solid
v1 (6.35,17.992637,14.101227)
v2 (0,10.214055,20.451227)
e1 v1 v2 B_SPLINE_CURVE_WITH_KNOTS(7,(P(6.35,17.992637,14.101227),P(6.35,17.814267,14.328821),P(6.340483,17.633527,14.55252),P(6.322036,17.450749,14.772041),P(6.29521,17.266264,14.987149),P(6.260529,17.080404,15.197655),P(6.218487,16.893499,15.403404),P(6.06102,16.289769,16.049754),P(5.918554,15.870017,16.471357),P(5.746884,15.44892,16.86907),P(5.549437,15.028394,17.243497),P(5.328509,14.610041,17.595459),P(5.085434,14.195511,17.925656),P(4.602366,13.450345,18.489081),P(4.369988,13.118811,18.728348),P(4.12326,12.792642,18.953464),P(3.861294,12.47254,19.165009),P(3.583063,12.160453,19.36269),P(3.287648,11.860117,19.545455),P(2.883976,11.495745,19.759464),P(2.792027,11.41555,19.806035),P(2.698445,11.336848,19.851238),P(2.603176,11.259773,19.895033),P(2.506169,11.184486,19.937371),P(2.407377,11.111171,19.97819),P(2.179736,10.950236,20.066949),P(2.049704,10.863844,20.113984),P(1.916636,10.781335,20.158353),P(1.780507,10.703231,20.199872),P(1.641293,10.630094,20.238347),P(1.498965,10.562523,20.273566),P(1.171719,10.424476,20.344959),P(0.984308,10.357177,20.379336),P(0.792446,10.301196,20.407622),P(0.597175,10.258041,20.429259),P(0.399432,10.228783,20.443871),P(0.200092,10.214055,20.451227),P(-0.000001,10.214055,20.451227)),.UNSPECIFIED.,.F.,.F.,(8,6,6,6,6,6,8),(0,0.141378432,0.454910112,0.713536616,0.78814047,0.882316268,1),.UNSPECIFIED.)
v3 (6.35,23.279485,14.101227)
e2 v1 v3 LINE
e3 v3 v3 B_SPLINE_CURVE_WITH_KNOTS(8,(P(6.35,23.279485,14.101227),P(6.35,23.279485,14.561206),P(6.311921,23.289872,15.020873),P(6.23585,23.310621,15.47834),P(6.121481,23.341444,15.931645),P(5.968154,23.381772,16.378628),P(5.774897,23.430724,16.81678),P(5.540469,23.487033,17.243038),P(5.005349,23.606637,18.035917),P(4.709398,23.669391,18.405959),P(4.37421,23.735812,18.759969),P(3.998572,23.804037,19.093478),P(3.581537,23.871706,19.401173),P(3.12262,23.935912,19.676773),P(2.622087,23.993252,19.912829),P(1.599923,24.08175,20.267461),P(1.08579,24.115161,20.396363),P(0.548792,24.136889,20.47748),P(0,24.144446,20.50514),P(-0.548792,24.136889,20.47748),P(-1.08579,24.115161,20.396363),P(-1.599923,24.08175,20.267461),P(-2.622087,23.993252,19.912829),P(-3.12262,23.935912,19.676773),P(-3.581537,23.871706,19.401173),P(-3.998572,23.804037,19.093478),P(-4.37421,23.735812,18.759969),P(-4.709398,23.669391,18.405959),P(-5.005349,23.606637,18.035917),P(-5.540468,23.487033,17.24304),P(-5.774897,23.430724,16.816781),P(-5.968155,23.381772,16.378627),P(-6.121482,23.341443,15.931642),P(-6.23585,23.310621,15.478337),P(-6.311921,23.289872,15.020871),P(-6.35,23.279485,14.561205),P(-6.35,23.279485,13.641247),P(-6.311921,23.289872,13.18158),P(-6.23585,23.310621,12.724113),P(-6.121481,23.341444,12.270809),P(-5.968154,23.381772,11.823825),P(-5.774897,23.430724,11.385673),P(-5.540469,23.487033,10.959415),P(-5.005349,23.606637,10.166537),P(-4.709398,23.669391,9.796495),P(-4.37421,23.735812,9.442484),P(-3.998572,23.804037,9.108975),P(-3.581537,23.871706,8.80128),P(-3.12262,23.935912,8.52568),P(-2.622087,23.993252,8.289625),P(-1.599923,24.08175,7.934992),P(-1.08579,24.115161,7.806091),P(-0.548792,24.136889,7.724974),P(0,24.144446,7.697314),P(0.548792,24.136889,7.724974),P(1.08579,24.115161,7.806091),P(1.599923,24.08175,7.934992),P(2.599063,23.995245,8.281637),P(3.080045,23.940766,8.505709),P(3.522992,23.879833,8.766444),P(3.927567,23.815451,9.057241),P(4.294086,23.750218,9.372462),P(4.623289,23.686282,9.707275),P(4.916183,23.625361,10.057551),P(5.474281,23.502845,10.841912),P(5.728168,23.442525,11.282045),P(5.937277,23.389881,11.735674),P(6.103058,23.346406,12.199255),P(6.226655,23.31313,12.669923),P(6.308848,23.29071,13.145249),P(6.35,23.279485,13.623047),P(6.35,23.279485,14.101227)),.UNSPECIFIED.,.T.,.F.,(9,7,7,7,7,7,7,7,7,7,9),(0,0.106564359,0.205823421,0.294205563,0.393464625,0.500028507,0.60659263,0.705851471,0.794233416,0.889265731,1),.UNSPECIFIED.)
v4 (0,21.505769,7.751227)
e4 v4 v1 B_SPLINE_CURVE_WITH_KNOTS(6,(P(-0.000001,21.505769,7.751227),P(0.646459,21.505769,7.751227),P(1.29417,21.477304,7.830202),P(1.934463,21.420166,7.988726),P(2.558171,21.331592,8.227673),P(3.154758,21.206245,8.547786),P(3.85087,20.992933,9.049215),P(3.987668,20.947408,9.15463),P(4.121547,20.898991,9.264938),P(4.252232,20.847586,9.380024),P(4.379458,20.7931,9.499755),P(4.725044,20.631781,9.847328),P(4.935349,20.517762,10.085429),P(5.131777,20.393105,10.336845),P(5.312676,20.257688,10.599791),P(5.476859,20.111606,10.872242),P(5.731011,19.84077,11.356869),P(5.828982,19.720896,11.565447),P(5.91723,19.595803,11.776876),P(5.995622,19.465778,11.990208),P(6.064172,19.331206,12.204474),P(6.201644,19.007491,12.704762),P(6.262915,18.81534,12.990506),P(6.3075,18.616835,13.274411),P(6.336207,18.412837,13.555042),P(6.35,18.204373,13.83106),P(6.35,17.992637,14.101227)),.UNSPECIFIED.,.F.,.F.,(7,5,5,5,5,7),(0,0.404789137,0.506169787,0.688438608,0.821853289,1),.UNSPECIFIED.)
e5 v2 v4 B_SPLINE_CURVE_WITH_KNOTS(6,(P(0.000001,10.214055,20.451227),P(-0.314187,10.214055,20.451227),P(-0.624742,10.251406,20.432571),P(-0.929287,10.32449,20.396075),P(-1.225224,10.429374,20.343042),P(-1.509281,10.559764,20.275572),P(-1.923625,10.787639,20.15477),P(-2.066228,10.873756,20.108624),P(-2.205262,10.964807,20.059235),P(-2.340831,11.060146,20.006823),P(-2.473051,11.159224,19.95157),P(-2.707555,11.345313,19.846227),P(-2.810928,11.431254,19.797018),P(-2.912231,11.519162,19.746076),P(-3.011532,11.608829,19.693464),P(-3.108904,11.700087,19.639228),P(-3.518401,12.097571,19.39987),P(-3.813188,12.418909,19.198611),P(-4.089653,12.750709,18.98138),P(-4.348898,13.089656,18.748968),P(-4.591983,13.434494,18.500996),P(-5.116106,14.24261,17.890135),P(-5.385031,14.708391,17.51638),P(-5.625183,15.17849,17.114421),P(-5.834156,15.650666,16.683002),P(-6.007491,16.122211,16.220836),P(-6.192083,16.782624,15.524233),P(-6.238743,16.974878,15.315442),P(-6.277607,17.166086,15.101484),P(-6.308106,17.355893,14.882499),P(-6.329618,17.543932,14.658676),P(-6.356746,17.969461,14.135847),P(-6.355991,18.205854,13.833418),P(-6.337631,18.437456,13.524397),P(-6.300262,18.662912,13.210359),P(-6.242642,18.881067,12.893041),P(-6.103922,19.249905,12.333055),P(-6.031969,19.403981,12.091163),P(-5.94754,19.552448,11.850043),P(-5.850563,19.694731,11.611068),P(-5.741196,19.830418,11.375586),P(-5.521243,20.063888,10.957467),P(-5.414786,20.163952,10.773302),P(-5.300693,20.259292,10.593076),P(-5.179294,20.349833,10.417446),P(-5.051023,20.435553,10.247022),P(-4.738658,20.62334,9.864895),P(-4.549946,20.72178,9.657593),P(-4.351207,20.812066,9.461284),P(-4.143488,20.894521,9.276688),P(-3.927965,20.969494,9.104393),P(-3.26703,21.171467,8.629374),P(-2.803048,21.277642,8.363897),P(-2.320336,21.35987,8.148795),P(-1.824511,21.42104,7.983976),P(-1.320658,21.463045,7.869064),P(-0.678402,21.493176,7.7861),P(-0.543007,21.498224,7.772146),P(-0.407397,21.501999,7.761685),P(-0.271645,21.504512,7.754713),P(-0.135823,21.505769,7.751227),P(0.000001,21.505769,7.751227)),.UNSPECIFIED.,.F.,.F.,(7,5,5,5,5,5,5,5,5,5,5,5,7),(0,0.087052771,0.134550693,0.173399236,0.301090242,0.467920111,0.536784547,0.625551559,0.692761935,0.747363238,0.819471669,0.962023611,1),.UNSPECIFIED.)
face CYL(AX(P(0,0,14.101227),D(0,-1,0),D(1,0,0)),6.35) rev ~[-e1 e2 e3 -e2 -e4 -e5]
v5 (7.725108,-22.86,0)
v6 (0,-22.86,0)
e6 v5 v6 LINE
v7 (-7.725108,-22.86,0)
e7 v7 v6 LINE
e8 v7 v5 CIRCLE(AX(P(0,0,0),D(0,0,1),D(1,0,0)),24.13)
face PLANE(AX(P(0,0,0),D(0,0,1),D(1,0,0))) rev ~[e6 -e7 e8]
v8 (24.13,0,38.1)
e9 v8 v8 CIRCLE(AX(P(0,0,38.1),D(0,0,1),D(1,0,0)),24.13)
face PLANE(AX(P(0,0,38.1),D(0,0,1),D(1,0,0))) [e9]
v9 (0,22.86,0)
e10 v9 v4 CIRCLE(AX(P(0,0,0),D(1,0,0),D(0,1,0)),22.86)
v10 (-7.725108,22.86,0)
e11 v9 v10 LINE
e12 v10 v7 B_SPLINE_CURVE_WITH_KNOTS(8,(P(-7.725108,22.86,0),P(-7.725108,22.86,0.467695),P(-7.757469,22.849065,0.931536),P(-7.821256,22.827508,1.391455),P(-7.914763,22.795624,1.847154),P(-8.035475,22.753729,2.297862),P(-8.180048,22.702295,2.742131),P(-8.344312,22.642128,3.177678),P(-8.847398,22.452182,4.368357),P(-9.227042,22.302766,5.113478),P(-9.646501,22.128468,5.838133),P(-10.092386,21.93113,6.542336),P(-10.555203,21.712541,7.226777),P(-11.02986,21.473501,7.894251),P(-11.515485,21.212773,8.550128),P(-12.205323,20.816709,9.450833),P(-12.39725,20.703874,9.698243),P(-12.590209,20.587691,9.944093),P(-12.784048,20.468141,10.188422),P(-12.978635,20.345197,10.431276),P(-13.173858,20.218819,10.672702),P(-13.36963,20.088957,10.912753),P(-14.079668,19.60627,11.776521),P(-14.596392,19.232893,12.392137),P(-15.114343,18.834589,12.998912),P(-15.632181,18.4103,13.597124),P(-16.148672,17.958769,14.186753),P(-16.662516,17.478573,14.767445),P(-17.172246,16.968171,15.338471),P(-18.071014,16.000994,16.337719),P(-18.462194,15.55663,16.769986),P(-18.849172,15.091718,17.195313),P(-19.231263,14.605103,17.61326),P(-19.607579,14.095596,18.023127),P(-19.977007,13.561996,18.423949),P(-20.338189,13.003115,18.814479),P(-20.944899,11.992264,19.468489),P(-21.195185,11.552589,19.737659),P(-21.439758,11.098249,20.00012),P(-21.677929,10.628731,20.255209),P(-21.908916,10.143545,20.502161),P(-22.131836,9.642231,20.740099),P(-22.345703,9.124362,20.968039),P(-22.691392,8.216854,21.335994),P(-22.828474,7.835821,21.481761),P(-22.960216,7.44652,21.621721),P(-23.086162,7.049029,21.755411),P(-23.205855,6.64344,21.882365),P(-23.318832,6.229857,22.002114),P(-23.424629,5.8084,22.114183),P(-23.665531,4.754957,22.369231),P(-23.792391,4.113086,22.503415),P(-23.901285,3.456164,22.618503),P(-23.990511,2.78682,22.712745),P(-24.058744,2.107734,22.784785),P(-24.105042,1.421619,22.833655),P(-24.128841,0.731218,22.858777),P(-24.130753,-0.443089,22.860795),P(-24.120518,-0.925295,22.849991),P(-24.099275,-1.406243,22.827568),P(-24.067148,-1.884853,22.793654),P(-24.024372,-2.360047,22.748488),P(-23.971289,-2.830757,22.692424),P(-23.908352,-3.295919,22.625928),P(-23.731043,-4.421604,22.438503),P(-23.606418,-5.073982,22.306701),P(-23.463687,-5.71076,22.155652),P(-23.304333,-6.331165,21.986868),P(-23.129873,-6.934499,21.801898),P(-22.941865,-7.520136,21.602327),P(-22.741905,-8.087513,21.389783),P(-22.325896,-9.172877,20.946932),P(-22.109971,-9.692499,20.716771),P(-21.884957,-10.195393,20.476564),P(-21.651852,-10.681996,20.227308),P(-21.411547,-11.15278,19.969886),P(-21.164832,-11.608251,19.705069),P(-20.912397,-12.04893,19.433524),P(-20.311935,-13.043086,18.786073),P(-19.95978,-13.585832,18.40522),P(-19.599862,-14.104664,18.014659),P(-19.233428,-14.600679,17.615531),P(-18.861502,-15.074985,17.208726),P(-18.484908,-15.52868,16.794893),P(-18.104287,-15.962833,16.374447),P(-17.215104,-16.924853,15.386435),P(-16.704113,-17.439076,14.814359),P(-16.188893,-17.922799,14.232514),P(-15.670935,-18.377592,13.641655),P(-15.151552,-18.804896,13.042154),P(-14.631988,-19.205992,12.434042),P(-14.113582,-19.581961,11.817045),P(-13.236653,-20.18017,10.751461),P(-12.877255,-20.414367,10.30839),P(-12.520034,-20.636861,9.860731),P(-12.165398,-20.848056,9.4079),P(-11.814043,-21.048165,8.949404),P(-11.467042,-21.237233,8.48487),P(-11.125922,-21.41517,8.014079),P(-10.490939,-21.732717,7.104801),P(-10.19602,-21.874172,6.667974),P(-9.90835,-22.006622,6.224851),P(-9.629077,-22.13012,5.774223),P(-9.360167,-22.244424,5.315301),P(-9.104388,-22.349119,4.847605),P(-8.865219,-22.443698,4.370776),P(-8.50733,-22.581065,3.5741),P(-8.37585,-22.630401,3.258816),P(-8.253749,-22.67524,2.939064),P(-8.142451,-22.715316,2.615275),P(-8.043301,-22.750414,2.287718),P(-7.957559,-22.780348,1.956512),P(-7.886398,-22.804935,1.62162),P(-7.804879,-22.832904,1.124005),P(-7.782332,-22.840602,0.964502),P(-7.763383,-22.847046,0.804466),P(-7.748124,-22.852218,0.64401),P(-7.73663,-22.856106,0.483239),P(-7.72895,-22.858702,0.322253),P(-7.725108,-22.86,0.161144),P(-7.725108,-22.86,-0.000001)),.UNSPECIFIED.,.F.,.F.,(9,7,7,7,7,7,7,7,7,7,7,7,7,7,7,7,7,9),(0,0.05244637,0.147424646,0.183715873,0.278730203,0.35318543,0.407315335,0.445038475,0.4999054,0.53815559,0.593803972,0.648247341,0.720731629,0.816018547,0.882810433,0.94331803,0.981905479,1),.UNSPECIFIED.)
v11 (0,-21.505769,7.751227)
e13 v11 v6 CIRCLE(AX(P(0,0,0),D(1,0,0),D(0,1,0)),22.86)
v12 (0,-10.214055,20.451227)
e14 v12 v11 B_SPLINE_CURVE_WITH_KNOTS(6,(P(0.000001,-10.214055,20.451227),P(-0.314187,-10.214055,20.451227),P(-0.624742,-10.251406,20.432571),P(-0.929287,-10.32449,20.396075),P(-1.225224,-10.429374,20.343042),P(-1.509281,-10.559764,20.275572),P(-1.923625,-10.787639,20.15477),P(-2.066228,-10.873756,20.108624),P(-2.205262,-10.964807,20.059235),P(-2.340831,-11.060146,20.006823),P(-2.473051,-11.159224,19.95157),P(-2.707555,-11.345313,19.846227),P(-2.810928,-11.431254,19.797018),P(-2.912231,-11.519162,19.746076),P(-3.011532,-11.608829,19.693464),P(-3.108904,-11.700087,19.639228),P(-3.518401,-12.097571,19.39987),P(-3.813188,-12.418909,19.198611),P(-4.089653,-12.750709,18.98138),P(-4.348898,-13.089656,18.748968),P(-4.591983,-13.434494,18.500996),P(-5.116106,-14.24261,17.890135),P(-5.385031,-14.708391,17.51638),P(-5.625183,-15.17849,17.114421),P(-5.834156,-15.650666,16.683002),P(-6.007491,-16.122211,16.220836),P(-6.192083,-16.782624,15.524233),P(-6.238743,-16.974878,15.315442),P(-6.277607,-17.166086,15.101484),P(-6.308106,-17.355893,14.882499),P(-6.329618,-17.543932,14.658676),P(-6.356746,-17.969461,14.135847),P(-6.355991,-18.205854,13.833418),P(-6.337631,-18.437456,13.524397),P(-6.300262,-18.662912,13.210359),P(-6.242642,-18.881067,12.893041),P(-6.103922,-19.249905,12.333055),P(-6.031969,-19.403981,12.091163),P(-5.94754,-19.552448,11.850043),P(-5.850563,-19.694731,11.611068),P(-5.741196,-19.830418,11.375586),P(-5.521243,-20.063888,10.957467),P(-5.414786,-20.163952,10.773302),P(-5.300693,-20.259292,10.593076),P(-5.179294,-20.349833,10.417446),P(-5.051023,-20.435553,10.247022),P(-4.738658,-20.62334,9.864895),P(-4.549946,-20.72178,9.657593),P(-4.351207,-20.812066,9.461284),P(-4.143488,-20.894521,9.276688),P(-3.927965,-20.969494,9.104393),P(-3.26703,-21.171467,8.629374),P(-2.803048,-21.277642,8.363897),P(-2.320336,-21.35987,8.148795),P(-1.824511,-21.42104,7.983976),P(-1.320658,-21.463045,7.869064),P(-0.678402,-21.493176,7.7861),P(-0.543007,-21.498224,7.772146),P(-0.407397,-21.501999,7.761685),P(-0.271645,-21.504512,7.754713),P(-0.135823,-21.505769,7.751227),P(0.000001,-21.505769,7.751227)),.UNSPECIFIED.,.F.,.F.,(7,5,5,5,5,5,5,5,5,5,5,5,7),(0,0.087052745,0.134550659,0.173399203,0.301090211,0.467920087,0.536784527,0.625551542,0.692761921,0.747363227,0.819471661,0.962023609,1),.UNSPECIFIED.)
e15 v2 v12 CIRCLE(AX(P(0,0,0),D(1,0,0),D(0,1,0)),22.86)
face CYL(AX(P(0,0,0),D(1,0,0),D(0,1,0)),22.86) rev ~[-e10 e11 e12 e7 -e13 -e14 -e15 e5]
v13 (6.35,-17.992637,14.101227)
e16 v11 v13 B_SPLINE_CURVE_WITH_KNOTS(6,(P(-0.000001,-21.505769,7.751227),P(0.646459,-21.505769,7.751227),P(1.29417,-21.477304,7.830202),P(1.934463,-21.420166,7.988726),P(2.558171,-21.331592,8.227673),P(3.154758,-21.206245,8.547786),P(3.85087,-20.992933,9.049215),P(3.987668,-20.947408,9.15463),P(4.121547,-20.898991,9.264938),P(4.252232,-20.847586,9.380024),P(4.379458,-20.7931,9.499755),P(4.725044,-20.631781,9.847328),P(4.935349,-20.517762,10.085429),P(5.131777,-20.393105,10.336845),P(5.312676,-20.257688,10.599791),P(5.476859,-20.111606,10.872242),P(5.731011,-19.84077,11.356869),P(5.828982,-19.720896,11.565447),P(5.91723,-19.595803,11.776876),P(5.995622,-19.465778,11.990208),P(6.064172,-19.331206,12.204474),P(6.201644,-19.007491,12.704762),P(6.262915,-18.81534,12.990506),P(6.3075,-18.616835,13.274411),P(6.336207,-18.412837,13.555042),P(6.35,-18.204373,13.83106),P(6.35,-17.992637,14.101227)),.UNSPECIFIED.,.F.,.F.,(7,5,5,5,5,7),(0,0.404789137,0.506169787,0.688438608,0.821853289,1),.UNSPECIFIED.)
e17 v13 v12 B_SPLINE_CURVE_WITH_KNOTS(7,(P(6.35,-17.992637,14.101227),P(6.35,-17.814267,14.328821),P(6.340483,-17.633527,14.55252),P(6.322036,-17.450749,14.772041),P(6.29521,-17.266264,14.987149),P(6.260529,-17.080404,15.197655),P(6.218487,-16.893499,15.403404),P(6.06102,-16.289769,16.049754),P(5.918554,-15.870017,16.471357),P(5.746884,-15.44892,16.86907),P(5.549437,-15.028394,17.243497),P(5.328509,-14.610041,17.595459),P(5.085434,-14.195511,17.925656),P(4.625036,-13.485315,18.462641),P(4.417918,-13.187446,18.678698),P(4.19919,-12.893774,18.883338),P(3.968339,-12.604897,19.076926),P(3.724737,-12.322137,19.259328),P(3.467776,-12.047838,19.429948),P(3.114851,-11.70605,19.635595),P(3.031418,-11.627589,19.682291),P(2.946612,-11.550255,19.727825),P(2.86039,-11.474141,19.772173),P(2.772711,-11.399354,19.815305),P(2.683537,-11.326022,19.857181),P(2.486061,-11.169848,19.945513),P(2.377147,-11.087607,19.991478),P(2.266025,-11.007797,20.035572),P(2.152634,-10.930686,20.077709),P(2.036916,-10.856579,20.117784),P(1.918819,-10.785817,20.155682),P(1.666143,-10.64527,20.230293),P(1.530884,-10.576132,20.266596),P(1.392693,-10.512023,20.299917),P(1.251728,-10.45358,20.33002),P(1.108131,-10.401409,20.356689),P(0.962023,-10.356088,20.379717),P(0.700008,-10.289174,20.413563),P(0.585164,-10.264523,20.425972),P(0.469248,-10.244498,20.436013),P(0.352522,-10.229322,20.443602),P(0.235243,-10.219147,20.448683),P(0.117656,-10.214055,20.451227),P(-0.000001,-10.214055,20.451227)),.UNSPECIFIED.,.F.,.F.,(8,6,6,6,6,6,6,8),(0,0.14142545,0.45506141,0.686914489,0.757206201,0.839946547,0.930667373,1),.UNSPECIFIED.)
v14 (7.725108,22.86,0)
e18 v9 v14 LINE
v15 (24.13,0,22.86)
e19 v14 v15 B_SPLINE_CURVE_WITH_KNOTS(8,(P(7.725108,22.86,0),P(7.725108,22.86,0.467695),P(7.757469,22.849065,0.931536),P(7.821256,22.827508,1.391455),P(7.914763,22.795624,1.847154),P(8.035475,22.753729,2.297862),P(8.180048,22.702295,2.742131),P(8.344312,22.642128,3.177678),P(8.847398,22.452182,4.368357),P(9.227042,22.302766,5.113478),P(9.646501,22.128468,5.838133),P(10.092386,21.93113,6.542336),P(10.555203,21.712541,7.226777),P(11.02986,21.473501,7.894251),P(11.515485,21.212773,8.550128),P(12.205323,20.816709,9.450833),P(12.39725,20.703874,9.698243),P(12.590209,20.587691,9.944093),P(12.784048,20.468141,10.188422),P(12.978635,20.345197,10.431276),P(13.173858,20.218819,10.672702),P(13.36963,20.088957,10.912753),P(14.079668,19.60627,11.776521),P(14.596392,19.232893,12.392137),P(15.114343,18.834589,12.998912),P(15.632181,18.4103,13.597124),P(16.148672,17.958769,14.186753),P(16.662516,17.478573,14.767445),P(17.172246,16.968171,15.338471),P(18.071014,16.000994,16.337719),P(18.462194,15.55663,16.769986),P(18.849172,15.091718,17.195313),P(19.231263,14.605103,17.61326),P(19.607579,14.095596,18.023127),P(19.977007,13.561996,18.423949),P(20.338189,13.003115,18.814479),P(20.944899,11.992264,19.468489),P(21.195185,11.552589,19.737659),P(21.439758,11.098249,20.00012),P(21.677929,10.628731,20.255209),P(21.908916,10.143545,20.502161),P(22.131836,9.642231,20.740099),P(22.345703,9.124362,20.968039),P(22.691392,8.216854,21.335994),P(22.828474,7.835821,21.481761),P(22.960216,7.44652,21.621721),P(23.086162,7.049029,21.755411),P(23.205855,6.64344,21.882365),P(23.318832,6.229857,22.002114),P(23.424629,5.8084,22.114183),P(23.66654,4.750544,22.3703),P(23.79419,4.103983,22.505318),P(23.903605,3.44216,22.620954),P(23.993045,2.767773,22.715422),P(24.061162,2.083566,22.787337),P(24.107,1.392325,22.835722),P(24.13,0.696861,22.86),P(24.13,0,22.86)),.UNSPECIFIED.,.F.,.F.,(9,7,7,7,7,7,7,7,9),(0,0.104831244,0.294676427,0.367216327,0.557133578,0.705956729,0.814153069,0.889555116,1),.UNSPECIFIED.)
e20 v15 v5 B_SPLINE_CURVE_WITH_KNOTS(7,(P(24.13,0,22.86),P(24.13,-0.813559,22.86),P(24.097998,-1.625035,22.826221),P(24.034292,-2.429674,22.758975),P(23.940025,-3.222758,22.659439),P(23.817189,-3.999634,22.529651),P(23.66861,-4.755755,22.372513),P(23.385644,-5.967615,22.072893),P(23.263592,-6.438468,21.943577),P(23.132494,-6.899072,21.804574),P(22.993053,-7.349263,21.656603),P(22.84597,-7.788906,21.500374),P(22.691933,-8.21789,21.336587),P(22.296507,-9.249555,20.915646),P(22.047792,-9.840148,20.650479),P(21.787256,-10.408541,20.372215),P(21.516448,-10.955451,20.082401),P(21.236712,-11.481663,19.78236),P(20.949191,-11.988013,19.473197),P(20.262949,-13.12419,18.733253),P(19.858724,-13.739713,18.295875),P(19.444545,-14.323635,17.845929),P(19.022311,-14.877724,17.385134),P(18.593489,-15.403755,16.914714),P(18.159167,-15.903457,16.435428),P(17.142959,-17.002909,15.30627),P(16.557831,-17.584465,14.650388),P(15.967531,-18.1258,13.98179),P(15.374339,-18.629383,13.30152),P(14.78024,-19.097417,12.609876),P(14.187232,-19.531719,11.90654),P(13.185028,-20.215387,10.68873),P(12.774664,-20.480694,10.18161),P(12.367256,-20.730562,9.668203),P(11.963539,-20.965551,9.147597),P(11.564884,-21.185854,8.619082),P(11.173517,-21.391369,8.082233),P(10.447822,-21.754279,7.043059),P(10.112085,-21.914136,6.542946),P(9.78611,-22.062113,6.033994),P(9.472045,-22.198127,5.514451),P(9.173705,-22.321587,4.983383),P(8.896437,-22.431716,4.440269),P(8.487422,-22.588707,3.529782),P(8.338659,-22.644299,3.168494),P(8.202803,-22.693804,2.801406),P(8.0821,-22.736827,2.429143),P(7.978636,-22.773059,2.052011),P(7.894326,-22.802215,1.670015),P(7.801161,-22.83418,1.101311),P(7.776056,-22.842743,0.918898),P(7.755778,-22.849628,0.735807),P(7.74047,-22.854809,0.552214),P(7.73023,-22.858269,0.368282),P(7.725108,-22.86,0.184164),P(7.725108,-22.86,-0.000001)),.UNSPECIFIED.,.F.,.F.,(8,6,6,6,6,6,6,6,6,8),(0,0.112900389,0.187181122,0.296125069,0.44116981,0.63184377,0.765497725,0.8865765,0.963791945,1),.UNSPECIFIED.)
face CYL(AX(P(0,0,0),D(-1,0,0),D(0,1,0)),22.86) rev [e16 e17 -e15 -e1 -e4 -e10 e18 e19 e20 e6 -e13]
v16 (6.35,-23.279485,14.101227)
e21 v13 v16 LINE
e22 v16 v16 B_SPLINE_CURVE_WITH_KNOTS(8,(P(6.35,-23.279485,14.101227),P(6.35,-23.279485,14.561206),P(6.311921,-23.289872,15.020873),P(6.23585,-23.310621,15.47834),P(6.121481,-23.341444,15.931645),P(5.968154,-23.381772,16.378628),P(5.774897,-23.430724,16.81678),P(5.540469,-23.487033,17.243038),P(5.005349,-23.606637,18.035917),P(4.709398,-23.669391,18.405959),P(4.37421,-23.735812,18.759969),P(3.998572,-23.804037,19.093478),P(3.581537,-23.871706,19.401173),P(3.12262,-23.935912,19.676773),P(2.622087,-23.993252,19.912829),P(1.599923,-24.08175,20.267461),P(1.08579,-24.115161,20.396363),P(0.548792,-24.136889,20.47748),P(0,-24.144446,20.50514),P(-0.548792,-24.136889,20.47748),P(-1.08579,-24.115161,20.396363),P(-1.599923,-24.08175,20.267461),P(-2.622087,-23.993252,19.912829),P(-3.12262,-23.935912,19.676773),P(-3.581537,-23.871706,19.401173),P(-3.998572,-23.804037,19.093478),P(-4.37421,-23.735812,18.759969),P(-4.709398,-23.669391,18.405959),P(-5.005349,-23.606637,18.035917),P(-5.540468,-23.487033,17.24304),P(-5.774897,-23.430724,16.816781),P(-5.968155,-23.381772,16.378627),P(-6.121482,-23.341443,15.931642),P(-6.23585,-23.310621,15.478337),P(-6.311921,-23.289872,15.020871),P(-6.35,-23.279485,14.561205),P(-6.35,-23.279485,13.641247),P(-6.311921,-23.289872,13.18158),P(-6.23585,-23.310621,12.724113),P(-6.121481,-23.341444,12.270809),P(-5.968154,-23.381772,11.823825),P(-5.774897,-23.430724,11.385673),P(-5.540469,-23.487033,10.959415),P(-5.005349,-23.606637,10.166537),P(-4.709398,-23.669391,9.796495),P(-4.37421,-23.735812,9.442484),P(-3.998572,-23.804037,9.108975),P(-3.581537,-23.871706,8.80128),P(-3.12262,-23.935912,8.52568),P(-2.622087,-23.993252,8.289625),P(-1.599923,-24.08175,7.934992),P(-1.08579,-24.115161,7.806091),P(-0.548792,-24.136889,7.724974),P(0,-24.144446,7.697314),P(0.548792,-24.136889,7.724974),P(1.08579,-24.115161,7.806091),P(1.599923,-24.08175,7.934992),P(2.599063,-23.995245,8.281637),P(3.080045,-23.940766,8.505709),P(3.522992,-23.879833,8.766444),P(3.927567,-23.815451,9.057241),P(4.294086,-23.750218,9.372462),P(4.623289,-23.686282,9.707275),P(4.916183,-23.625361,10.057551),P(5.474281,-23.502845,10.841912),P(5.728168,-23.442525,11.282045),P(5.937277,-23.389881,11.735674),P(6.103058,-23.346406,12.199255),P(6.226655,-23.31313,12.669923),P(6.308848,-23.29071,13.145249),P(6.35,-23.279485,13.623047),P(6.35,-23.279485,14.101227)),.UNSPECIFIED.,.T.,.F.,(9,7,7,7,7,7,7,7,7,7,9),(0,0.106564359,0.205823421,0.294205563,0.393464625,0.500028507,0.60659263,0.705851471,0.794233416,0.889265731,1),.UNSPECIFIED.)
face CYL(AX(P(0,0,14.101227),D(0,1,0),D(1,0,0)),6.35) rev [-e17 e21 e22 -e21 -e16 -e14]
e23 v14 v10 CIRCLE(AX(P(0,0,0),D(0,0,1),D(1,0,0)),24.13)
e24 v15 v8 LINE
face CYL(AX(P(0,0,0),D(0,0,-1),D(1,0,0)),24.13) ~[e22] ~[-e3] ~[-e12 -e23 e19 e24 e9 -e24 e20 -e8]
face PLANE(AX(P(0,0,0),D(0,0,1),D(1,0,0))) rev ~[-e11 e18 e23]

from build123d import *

# Parameters (mm, degrees)
F0_R          = 24.13
F1_DEPTH      = 38.1
F2_R          = 22.86
F3_DEPTH      = 25.4
F3_DEPTH_BACK = 25.4
F5_R          = 6.35
F6_DEPTH      = 25.4
F6_DEPTH_BACK = 25.4


with BuildPart() as f1:
    # F0 (on Top) → F1 (new body)
    with BuildSketch(Plane.XY):
        Circle(F0_R)
    extrude(amount=F1_DEPTH)

    # F2 (on Right) → F3 (cut, two sides)
    with BuildSketch(Plane.YZ) as f3_sk:
        Circle(F2_R)
    extrude(amount=-F3_DEPTH, mode=Mode.SUBTRACT)
    extrude(f3_sk.sketch, amount=F3_DEPTH_BACK, mode=Mode.SUBTRACT)

    # F5 (on face) → F6 (cut, two sides)
    with BuildSketch(Plane.XZ) as f6_sk:
        with Locations((0, 14.1012268141)):
            Circle(F5_R)
    extrude(amount=-F6_DEPTH, mode=Mode.SUBTRACT)
    extrude(f6_sk.sketch, amount=F6_DEPTH_BACK, mode=Mode.SUBTRACT)


solid = f1.part
